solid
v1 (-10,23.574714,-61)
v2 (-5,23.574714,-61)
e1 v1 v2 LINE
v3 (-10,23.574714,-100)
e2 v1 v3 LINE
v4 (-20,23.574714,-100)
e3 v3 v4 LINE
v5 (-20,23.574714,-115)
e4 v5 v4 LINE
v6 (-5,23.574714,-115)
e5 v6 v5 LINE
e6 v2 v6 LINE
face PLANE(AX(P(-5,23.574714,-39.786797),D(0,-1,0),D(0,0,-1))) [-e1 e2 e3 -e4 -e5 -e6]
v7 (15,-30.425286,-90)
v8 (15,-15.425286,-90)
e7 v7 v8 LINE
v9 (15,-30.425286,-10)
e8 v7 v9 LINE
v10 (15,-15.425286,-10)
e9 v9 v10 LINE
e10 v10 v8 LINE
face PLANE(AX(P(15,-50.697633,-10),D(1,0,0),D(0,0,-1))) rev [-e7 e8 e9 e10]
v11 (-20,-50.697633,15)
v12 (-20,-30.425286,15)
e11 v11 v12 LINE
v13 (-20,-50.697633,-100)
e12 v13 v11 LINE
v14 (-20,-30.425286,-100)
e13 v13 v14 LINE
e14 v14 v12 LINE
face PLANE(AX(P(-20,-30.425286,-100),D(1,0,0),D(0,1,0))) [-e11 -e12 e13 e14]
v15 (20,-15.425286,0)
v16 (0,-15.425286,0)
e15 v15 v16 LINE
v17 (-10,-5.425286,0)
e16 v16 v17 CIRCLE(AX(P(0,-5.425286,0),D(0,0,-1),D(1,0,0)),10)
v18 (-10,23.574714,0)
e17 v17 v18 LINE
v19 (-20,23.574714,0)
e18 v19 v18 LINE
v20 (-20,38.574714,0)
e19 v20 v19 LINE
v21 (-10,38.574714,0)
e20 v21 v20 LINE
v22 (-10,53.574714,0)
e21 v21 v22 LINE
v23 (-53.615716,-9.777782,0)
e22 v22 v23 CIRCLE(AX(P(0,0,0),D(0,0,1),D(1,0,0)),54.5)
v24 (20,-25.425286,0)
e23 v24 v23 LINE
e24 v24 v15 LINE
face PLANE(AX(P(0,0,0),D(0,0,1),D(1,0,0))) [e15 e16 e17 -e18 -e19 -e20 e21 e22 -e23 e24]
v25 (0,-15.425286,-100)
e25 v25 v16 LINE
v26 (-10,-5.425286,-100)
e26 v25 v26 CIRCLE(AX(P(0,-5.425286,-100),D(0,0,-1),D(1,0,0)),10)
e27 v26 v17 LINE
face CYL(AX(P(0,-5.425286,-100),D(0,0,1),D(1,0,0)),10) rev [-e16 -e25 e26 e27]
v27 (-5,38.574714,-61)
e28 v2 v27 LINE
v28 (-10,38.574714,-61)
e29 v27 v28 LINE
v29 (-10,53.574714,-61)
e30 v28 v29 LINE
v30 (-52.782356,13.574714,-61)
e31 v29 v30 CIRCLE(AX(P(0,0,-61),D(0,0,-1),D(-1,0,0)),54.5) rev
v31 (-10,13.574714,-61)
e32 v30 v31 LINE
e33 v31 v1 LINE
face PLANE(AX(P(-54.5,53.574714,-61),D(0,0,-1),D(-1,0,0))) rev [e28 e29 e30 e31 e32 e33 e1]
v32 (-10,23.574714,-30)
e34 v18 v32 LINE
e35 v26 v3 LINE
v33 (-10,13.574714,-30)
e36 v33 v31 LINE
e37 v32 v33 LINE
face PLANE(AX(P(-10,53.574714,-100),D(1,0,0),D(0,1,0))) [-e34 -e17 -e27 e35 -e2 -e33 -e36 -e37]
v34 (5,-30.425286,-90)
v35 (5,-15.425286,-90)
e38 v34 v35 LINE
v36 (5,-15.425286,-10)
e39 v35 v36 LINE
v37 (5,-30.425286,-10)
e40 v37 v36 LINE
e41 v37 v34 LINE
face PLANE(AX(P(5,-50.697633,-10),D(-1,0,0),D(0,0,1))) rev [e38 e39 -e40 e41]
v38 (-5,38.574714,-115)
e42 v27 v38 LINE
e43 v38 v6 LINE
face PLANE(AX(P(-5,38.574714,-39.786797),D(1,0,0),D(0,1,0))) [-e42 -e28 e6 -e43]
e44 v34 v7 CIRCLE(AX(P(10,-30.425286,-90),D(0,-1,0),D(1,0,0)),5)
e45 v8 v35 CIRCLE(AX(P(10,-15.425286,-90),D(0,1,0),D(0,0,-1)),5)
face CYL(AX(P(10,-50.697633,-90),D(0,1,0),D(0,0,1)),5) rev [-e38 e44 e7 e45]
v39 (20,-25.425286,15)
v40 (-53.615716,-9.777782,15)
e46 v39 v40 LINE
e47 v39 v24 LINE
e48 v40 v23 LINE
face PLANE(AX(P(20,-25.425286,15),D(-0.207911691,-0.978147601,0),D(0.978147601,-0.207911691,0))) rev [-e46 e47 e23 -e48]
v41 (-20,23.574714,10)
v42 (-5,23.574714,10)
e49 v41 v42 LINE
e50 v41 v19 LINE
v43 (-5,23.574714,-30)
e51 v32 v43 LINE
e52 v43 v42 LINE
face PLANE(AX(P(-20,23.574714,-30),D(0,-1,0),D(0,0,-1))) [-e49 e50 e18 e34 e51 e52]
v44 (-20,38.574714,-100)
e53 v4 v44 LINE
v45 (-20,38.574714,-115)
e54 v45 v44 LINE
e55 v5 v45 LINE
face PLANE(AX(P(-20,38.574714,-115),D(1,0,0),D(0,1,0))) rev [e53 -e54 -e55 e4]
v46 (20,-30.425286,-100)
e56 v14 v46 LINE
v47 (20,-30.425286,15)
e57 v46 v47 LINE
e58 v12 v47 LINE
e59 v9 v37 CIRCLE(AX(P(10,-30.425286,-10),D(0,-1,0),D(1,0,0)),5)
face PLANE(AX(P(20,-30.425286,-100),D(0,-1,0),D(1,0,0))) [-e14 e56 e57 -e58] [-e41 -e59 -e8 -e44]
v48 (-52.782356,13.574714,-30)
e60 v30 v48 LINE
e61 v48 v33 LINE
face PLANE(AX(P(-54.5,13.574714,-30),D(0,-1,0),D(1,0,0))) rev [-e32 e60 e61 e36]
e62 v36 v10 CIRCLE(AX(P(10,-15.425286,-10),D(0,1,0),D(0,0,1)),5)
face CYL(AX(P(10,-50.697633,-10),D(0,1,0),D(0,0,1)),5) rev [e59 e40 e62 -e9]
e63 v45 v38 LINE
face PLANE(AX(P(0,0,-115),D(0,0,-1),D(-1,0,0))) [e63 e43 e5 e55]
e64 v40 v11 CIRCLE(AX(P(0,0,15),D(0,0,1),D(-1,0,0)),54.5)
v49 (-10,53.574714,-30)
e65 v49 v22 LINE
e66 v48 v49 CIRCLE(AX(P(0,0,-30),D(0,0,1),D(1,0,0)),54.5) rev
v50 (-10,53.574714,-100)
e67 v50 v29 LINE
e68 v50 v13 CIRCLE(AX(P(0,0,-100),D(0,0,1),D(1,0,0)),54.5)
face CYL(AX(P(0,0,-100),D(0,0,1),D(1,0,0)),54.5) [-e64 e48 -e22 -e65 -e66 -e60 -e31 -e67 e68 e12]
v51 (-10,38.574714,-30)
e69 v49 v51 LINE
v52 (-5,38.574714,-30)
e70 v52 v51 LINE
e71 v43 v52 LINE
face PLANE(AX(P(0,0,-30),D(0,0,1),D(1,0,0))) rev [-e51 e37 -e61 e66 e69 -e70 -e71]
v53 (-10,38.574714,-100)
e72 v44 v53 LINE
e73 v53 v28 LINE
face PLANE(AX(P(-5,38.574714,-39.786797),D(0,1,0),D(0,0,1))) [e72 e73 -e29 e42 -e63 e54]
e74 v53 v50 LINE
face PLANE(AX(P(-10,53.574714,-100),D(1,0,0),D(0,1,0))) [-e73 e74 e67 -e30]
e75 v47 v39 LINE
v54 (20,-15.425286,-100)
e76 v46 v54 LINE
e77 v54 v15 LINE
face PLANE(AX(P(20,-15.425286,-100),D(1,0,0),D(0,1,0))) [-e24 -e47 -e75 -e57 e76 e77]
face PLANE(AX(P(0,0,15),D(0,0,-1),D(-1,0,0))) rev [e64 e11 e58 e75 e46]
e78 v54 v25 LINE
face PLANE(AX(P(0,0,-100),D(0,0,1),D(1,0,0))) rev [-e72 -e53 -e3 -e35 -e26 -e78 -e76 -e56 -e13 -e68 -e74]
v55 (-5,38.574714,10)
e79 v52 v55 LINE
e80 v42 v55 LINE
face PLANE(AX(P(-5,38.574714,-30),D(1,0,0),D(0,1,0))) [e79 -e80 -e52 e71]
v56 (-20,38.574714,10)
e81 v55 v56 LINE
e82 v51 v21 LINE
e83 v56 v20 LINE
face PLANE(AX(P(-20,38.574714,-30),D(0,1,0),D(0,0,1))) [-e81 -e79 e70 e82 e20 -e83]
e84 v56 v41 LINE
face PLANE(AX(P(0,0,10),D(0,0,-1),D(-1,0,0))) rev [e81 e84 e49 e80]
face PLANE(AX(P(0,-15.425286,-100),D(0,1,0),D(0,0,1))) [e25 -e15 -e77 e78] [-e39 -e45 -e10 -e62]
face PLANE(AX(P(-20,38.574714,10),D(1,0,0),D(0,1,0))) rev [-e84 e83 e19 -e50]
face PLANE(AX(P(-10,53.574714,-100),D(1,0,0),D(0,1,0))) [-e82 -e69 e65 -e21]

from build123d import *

# Parameters (mm, degrees)
BOSS_EXTRUDE1_DEPTH = 100
BOSS_EXTRUDE2_START = 15
BOSS_EXTRUDE2_DEPTH = 15
SKETCH3_W           = 15
SKETCH3_H           = 15
BOSS_EXTRUDE3_DEPTH = 30
SKETCH4_W           = 15
SKETCH4_H           = 15
BOSS_EXTRUDE4_DEPTH = 10
SKETCH7_W           = 31
SKETCH7_H           = 40
CUT_EXTRUDE2_DEPTH  = 122.862627577
SKETCH8_W           = 15
SKETCH8_H           = 15
BOSS_EXTRUDE5_DEPTH = 39
SKETCH9_W           = 15
SKETCH9_H           = 15
BOSS_EXTRUDE6_DEPTH = 15
CUT_EXTRUDE4_DEPTH  = 145.762736918


with BuildPart() as part:
    # Sketch1 → Boss-Extrude1 (new body)
    with BuildSketch(Plane.XY):
        with BuildLine():
            Line((-10, 53.574714185), (-10, -5.425285815))
            ThreePointArc((-10, -5.425285815), (-7.071067812, -12.496353627), (0, -15.425285815))
            Line((0, -15.425285815), (20, -15.425285815))
            Line((20, -15.425285815), (20, -30.425285815))
            Line((20, -30.425285815), (-20, -30.425285815))
            Line((-20, -30.425285815), (-20, -50.697633081))
            ThreePointArc((-20, -50.697633081), (-54.251088478, 5.202826051), (-10, 53.574714185))
        make_face()
    extrude(amount=-BOSS_EXTRUDE1_DEPTH)

    # Sketch2 → Boss-Extrude2 (add)
    with BuildSketch(Plane.XY.offset(BOSS_EXTRUDE2_START)):
        with BuildLine():
            Line((20, -25.425285815), (20, -30.425285815))
            Line((20, -30.425285815), (-20, -30.425285815))
            Line((-20, -30.425285815), (-20, -50.697633081))
            ThreePointArc((-20, -50.697633081), (-42.112075999, -34.595130511), (-53.615715713, -9.777782398))
            Line((-53.615715713, -9.777782398), (20, -25.425285815))
        make_face()
    extrude(amount=-BOSS_EXTRUDE2_DEPTH)

    # Sketch3 → Boss-Extrude3 (add)
    with BuildSketch(Plane.XY):
        with Locations((-12.5, 31.074714185)):
            Rectangle(SKETCH3_W, SKETCH3_H)
    extrude(amount=-BOSS_EXTRUDE3_DEPTH)

    # Sketch4 → Boss-Extrude4 (add)
    with BuildSketch(Plane.XY):
        with Locations((-12.5, 31.074714185)):
            Rectangle(SKETCH4_W, SKETCH4_H)
    extrude(amount=BOSS_EXTRUDE4_DEPTH)

    # Sketch7 → Cut-Extrude2 (cut, through all)
    with BuildSketch(Plane(origin=(-10, 0, 0), x_dir=(0, 0, -1), z_dir=(1, 0, 0))):
        with Locations((45.5, 33.574714185)):
            Rectangle(SKETCH7_W, SKETCH7_H)
    extrude(amount=-CUT_EXTRUDE2_DEPTH, mode=Mode.SUBTRACT)

    # Sketch8 → Boss-Extrude5 (add)
    with BuildSketch(Plane(origin=(0, 0, -100), x_dir=(-1, 0, 0), z_dir=(0, 0, -1))):
        with Locations((12.5, 31.074714185)):
            Rectangle(SKETCH8_W, SKETCH8_H)
    extrude(amount=-BOSS_EXTRUDE5_DEPTH)

    # Sketch9 → Boss-Extrude6 (add)
    with BuildSketch(Plane(origin=(0, 0, -100), x_dir=(-1, 0, 0), z_dir=(0, 0, -1))):
        with Locations((12.5, 31.074714185)):
            Rectangle(SKETCH9_W, SKETCH9_H)
    extrude(amount=BOSS_EXTRUDE6_DEPTH)

    # Sketch10 → Cut-Extrude4 (cut, through all)
    with BuildSketch(Plane(origin=(0, -15.425285815, 0), x_dir=(1, 0, 0), z_dir=(0, 1, 0))):
        with BuildLine():
            Line((5, 10), (5, 90))
            ThreePointArc((5, 90), (10, 95), (15, 90))
            Line((15, 90), (15, 10))
            ThreePointArc((15, 10), (10, 5), (5, 10))
        make_face()
    extrude(amount=-CUT_EXTRUDE4_DEPTH, mode=Mode.SUBTRACT)


solid = part.part
